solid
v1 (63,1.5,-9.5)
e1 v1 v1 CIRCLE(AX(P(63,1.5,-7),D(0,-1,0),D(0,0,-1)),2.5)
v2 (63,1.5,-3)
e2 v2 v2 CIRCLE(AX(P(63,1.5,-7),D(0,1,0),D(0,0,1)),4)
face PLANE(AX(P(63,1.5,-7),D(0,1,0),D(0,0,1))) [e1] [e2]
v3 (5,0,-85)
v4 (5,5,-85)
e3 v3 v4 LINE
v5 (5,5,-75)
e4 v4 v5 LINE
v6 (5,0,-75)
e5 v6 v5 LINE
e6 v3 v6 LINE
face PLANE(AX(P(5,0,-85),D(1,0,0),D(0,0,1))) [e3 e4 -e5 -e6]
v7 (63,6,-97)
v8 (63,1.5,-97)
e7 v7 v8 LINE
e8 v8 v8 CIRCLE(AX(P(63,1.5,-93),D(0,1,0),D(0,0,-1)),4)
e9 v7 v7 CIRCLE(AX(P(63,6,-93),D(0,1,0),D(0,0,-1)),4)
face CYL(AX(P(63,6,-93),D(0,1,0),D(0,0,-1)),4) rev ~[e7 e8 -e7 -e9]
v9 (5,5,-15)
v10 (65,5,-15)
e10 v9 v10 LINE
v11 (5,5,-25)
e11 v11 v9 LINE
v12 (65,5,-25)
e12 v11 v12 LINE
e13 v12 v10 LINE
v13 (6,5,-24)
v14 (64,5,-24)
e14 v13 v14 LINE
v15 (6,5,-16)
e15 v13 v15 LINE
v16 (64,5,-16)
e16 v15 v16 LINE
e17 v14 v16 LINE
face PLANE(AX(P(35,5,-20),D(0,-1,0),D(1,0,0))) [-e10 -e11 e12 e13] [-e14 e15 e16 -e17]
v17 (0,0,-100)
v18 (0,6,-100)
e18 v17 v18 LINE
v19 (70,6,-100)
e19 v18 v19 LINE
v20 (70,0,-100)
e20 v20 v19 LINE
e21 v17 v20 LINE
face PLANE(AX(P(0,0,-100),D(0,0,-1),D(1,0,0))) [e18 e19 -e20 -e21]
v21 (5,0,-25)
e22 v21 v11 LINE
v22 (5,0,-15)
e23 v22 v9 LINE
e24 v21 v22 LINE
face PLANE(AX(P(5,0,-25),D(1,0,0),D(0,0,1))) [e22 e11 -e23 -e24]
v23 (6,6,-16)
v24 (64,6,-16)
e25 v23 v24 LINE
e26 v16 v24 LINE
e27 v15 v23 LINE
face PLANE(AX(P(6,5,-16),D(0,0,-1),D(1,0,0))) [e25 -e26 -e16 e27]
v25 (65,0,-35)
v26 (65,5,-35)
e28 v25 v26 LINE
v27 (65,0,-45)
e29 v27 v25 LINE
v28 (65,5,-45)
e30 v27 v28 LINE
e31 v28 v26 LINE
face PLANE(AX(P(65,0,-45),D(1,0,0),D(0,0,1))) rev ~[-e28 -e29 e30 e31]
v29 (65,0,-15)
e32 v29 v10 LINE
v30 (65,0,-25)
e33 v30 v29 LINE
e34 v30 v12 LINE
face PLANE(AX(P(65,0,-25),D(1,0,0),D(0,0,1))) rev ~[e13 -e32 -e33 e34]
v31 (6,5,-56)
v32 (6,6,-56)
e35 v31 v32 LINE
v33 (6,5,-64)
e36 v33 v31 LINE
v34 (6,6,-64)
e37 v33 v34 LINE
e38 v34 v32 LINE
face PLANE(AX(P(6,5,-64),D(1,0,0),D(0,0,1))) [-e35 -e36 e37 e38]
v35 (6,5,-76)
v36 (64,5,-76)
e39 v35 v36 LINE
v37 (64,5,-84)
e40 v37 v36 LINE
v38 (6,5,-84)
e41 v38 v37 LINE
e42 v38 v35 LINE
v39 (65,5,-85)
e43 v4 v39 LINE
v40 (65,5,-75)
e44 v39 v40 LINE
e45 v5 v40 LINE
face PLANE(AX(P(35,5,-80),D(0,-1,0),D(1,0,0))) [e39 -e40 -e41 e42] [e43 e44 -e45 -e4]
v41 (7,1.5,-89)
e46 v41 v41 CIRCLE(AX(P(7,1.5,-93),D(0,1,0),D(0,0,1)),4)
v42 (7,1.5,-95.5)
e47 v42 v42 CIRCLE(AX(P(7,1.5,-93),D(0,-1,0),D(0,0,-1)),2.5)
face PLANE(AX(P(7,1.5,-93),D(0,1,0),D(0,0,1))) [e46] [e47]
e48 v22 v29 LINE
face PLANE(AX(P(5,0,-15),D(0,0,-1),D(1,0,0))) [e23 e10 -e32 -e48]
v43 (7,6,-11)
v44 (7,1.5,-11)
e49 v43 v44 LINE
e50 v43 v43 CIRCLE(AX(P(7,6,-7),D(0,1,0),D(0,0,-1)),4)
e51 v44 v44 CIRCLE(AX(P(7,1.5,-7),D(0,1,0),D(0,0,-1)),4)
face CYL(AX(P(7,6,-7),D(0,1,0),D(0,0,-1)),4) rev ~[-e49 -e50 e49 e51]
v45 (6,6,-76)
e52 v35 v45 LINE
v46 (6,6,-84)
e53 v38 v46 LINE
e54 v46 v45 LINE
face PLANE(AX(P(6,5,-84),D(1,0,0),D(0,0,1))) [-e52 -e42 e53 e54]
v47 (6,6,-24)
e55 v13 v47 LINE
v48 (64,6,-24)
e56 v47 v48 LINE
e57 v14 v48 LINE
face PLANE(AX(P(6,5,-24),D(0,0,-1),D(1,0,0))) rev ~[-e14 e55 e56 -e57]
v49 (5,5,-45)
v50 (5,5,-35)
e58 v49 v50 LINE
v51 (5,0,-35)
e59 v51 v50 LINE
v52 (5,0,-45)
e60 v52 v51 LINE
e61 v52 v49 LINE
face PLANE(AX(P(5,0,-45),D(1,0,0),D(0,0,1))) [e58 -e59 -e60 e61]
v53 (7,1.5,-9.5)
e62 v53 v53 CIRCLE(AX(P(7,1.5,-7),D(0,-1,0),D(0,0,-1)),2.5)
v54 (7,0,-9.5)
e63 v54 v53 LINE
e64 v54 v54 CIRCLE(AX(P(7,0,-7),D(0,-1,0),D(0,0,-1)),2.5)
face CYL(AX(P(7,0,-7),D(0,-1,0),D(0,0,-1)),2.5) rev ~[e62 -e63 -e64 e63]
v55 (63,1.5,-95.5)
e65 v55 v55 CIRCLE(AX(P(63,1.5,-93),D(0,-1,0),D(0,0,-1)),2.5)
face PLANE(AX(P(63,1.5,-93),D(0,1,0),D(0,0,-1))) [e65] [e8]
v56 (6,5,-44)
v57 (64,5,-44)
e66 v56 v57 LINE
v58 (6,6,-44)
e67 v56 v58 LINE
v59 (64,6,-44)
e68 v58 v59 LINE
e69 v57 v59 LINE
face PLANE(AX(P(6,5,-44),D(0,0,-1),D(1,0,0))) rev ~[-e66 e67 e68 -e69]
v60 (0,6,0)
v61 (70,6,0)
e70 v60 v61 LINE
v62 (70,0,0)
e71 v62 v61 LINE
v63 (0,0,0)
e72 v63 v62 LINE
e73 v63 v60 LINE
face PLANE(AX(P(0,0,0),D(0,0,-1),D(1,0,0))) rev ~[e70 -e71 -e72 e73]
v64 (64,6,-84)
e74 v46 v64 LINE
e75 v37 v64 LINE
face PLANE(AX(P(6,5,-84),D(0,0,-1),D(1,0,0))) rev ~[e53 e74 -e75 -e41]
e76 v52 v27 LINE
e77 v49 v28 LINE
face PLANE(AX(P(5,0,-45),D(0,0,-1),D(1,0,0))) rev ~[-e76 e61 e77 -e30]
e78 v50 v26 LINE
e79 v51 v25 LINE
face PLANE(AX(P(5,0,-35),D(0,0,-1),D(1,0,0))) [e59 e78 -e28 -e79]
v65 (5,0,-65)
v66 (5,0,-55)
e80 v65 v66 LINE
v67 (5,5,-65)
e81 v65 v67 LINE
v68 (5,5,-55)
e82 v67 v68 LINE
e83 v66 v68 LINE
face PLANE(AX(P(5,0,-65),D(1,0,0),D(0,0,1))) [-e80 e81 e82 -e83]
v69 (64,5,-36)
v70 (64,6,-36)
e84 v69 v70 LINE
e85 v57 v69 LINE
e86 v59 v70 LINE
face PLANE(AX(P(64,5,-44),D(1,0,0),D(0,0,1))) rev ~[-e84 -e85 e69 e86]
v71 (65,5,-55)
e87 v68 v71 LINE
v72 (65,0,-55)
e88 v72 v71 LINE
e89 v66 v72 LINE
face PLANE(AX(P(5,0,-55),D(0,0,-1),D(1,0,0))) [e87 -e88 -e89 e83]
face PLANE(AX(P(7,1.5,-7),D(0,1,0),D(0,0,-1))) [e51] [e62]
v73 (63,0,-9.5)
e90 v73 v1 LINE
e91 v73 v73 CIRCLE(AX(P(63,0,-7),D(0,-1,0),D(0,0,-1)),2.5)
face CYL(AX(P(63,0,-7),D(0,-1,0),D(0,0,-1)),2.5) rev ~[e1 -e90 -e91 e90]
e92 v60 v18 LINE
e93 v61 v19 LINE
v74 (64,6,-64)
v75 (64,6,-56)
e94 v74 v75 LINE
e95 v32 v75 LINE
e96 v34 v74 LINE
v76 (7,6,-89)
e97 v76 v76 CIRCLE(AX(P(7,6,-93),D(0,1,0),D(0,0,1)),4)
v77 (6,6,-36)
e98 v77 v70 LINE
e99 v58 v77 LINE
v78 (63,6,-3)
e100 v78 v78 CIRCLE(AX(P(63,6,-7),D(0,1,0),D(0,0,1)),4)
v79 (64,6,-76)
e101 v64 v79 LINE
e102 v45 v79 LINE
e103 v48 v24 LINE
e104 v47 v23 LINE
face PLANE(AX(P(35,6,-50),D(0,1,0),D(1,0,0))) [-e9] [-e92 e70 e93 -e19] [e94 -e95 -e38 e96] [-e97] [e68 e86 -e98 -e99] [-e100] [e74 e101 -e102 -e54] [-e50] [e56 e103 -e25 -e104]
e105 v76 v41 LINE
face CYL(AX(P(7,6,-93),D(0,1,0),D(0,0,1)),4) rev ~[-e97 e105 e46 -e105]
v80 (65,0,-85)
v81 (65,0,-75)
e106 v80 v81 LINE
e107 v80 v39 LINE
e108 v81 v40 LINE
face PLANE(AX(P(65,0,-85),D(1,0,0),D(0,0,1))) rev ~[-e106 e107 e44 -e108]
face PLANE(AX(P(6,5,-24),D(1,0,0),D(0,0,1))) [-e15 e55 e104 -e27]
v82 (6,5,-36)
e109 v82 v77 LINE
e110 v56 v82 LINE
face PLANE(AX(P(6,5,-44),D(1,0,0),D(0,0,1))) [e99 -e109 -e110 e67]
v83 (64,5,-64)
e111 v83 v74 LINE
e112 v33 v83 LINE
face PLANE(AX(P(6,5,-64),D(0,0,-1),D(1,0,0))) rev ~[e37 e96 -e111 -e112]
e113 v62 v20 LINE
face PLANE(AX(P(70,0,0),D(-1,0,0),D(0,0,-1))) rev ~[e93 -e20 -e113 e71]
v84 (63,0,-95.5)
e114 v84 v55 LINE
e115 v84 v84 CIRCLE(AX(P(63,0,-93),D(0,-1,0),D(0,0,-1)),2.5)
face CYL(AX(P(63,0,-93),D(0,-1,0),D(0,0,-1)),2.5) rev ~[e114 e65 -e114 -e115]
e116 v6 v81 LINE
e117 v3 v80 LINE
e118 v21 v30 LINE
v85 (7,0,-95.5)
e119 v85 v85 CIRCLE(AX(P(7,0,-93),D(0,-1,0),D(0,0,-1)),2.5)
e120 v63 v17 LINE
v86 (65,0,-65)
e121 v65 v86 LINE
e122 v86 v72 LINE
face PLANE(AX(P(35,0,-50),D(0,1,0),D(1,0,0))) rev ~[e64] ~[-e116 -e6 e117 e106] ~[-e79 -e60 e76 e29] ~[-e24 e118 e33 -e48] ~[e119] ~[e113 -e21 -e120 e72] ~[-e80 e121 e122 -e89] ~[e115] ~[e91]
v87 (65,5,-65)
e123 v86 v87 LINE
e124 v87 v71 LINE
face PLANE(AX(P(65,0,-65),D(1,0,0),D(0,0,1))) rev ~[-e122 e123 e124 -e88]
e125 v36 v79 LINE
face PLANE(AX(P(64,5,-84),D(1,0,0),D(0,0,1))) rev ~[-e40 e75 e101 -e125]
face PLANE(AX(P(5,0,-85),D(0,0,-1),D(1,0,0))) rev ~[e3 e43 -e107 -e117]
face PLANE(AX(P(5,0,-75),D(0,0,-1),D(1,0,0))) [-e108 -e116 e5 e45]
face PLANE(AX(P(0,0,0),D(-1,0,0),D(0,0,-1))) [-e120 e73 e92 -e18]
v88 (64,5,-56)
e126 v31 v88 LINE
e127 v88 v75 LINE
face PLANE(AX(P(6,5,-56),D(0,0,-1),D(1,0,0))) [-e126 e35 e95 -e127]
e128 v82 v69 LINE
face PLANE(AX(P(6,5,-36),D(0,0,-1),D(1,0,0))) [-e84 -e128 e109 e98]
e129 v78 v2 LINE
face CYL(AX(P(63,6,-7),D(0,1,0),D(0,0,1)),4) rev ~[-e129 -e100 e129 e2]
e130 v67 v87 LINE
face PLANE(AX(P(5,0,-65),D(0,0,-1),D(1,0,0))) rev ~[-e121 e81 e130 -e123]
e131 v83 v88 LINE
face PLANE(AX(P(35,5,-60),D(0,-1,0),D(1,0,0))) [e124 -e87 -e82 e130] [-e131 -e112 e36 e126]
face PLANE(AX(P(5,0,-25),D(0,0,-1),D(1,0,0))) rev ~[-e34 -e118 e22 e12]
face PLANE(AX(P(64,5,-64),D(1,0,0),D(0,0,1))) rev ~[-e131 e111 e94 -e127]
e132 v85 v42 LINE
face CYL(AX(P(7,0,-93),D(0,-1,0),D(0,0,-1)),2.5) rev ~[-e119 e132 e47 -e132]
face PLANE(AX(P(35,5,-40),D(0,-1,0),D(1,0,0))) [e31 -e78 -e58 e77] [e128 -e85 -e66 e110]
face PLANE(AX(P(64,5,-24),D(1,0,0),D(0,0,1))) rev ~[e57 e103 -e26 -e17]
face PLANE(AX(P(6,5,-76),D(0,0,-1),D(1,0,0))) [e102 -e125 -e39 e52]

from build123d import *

# Parameters (mm, degrees)
SKETCH1_W           = 70
SKETCH1_H           = 100
BOSS_EXTRUDE1_DEPTH = 6
SKETCH3_W           = 60
SKETCH3_H           = 10
CUT_EXTRUDE1_DEPTH  = 5
SKETCH4_W           = 58
SKETCH4_H           = 8
CUT_EXTRUDE2_DEPTH  = 1
SKETCH5_R           = 2.5
CUT_EXTRUDE3_DEPTH  = 10
SKETCH6_R           = 4
CUT_EXTRUDE4_DEPTH  = 4.5


with BuildPart() as part:
    # Sketch1 → Boss-Extrude1 (new body)
    with BuildSketch(Plane(origin=(0, 0, 0), x_dir=(1, 0, 0), z_dir=(0, 1, 0))):
        with Locations((35, 50)):
            Rectangle(SKETCH1_W, SKETCH1_H)
    extrude(amount=BOSS_EXTRUDE1_DEPTH)

    # Sketch3 → Cut-Extrude1 (cut)
    with BuildSketch(Plane.XZ):
        with Locations((35, -20)):
            Rectangle(SKETCH3_W, SKETCH3_H)
        with Locations((35, -40)):
            Rectangle(SKETCH3_W, SKETCH3_H)
        with Locations((35, -60)):
            Rectangle(SKETCH3_W, SKETCH3_H)
        with Locations((35, -80)):
            Rectangle(SKETCH3_W, SKETCH3_H)
    extrude(amount=-CUT_EXTRUDE1_DEPTH, mode=Mode.SUBTRACT)

    # Sketch4 → Cut-Extrude2 (cut)
    with BuildSketch(Plane.XZ.offset(-5)):
        with Locations((35, -20)):
            Rectangle(SKETCH4_W, SKETCH4_H)
        with Locations((35, -40)):
            Rectangle(SKETCH4_W, SKETCH4_H)
        with Locations((35, -60)):
            Rectangle(SKETCH4_W, SKETCH4_H)
        with Locations((35, -80)):
            Rectangle(SKETCH4_W, SKETCH4_H)
    extrude(amount=-CUT_EXTRUDE2_DEPTH, mode=Mode.SUBTRACT)

    # Sketch5 → Cut-Extrude3 (cut)
    with BuildSketch(Plane.XZ):
        with Locations(Location((63, -7, 0), (0, 0, 270))):
            Circle(SKETCH5_R)
        with Locations(Location((7, -7, 0), (0, 0, 270))):
            Circle(SKETCH5_R)
        with Locations(Location((63, -93, 0), (0, 0, 270))):
            Circle(SKETCH5_R)
        with Locations(Location((7, -93, 0), (0, 0, 270))):
            Circle(SKETCH5_R)
    extrude(amount=-CUT_EXTRUDE3_DEPTH, mode=Mode.SUBTRACT)

    # Sketch6 → Cut-Extrude4 (cut)
    with BuildSketch(Plane(origin=(0, 6, 0), x_dir=(1, 0, 0), z_dir=(0, 1, 0))):
        with Locations(Location((7, 93, 0), (0, 0, 270))):
            Circle(SKETCH6_R)
        with Locations(Location((63, 93, 0), (0, 0, 90))):
            Circle(SKETCH6_R)
        with Locations(Location((63, 7, 0), (0, 0, 270))):
            Circle(SKETCH6_R)
        with Locations(Location((7, 7, 0), (0, 0, 90))):
            Circle(SKETCH6_R)
    extrude(amount=-CUT_EXTRUDE4_DEPTH, mode=Mode.SUBTRACT)


solid = part.part
